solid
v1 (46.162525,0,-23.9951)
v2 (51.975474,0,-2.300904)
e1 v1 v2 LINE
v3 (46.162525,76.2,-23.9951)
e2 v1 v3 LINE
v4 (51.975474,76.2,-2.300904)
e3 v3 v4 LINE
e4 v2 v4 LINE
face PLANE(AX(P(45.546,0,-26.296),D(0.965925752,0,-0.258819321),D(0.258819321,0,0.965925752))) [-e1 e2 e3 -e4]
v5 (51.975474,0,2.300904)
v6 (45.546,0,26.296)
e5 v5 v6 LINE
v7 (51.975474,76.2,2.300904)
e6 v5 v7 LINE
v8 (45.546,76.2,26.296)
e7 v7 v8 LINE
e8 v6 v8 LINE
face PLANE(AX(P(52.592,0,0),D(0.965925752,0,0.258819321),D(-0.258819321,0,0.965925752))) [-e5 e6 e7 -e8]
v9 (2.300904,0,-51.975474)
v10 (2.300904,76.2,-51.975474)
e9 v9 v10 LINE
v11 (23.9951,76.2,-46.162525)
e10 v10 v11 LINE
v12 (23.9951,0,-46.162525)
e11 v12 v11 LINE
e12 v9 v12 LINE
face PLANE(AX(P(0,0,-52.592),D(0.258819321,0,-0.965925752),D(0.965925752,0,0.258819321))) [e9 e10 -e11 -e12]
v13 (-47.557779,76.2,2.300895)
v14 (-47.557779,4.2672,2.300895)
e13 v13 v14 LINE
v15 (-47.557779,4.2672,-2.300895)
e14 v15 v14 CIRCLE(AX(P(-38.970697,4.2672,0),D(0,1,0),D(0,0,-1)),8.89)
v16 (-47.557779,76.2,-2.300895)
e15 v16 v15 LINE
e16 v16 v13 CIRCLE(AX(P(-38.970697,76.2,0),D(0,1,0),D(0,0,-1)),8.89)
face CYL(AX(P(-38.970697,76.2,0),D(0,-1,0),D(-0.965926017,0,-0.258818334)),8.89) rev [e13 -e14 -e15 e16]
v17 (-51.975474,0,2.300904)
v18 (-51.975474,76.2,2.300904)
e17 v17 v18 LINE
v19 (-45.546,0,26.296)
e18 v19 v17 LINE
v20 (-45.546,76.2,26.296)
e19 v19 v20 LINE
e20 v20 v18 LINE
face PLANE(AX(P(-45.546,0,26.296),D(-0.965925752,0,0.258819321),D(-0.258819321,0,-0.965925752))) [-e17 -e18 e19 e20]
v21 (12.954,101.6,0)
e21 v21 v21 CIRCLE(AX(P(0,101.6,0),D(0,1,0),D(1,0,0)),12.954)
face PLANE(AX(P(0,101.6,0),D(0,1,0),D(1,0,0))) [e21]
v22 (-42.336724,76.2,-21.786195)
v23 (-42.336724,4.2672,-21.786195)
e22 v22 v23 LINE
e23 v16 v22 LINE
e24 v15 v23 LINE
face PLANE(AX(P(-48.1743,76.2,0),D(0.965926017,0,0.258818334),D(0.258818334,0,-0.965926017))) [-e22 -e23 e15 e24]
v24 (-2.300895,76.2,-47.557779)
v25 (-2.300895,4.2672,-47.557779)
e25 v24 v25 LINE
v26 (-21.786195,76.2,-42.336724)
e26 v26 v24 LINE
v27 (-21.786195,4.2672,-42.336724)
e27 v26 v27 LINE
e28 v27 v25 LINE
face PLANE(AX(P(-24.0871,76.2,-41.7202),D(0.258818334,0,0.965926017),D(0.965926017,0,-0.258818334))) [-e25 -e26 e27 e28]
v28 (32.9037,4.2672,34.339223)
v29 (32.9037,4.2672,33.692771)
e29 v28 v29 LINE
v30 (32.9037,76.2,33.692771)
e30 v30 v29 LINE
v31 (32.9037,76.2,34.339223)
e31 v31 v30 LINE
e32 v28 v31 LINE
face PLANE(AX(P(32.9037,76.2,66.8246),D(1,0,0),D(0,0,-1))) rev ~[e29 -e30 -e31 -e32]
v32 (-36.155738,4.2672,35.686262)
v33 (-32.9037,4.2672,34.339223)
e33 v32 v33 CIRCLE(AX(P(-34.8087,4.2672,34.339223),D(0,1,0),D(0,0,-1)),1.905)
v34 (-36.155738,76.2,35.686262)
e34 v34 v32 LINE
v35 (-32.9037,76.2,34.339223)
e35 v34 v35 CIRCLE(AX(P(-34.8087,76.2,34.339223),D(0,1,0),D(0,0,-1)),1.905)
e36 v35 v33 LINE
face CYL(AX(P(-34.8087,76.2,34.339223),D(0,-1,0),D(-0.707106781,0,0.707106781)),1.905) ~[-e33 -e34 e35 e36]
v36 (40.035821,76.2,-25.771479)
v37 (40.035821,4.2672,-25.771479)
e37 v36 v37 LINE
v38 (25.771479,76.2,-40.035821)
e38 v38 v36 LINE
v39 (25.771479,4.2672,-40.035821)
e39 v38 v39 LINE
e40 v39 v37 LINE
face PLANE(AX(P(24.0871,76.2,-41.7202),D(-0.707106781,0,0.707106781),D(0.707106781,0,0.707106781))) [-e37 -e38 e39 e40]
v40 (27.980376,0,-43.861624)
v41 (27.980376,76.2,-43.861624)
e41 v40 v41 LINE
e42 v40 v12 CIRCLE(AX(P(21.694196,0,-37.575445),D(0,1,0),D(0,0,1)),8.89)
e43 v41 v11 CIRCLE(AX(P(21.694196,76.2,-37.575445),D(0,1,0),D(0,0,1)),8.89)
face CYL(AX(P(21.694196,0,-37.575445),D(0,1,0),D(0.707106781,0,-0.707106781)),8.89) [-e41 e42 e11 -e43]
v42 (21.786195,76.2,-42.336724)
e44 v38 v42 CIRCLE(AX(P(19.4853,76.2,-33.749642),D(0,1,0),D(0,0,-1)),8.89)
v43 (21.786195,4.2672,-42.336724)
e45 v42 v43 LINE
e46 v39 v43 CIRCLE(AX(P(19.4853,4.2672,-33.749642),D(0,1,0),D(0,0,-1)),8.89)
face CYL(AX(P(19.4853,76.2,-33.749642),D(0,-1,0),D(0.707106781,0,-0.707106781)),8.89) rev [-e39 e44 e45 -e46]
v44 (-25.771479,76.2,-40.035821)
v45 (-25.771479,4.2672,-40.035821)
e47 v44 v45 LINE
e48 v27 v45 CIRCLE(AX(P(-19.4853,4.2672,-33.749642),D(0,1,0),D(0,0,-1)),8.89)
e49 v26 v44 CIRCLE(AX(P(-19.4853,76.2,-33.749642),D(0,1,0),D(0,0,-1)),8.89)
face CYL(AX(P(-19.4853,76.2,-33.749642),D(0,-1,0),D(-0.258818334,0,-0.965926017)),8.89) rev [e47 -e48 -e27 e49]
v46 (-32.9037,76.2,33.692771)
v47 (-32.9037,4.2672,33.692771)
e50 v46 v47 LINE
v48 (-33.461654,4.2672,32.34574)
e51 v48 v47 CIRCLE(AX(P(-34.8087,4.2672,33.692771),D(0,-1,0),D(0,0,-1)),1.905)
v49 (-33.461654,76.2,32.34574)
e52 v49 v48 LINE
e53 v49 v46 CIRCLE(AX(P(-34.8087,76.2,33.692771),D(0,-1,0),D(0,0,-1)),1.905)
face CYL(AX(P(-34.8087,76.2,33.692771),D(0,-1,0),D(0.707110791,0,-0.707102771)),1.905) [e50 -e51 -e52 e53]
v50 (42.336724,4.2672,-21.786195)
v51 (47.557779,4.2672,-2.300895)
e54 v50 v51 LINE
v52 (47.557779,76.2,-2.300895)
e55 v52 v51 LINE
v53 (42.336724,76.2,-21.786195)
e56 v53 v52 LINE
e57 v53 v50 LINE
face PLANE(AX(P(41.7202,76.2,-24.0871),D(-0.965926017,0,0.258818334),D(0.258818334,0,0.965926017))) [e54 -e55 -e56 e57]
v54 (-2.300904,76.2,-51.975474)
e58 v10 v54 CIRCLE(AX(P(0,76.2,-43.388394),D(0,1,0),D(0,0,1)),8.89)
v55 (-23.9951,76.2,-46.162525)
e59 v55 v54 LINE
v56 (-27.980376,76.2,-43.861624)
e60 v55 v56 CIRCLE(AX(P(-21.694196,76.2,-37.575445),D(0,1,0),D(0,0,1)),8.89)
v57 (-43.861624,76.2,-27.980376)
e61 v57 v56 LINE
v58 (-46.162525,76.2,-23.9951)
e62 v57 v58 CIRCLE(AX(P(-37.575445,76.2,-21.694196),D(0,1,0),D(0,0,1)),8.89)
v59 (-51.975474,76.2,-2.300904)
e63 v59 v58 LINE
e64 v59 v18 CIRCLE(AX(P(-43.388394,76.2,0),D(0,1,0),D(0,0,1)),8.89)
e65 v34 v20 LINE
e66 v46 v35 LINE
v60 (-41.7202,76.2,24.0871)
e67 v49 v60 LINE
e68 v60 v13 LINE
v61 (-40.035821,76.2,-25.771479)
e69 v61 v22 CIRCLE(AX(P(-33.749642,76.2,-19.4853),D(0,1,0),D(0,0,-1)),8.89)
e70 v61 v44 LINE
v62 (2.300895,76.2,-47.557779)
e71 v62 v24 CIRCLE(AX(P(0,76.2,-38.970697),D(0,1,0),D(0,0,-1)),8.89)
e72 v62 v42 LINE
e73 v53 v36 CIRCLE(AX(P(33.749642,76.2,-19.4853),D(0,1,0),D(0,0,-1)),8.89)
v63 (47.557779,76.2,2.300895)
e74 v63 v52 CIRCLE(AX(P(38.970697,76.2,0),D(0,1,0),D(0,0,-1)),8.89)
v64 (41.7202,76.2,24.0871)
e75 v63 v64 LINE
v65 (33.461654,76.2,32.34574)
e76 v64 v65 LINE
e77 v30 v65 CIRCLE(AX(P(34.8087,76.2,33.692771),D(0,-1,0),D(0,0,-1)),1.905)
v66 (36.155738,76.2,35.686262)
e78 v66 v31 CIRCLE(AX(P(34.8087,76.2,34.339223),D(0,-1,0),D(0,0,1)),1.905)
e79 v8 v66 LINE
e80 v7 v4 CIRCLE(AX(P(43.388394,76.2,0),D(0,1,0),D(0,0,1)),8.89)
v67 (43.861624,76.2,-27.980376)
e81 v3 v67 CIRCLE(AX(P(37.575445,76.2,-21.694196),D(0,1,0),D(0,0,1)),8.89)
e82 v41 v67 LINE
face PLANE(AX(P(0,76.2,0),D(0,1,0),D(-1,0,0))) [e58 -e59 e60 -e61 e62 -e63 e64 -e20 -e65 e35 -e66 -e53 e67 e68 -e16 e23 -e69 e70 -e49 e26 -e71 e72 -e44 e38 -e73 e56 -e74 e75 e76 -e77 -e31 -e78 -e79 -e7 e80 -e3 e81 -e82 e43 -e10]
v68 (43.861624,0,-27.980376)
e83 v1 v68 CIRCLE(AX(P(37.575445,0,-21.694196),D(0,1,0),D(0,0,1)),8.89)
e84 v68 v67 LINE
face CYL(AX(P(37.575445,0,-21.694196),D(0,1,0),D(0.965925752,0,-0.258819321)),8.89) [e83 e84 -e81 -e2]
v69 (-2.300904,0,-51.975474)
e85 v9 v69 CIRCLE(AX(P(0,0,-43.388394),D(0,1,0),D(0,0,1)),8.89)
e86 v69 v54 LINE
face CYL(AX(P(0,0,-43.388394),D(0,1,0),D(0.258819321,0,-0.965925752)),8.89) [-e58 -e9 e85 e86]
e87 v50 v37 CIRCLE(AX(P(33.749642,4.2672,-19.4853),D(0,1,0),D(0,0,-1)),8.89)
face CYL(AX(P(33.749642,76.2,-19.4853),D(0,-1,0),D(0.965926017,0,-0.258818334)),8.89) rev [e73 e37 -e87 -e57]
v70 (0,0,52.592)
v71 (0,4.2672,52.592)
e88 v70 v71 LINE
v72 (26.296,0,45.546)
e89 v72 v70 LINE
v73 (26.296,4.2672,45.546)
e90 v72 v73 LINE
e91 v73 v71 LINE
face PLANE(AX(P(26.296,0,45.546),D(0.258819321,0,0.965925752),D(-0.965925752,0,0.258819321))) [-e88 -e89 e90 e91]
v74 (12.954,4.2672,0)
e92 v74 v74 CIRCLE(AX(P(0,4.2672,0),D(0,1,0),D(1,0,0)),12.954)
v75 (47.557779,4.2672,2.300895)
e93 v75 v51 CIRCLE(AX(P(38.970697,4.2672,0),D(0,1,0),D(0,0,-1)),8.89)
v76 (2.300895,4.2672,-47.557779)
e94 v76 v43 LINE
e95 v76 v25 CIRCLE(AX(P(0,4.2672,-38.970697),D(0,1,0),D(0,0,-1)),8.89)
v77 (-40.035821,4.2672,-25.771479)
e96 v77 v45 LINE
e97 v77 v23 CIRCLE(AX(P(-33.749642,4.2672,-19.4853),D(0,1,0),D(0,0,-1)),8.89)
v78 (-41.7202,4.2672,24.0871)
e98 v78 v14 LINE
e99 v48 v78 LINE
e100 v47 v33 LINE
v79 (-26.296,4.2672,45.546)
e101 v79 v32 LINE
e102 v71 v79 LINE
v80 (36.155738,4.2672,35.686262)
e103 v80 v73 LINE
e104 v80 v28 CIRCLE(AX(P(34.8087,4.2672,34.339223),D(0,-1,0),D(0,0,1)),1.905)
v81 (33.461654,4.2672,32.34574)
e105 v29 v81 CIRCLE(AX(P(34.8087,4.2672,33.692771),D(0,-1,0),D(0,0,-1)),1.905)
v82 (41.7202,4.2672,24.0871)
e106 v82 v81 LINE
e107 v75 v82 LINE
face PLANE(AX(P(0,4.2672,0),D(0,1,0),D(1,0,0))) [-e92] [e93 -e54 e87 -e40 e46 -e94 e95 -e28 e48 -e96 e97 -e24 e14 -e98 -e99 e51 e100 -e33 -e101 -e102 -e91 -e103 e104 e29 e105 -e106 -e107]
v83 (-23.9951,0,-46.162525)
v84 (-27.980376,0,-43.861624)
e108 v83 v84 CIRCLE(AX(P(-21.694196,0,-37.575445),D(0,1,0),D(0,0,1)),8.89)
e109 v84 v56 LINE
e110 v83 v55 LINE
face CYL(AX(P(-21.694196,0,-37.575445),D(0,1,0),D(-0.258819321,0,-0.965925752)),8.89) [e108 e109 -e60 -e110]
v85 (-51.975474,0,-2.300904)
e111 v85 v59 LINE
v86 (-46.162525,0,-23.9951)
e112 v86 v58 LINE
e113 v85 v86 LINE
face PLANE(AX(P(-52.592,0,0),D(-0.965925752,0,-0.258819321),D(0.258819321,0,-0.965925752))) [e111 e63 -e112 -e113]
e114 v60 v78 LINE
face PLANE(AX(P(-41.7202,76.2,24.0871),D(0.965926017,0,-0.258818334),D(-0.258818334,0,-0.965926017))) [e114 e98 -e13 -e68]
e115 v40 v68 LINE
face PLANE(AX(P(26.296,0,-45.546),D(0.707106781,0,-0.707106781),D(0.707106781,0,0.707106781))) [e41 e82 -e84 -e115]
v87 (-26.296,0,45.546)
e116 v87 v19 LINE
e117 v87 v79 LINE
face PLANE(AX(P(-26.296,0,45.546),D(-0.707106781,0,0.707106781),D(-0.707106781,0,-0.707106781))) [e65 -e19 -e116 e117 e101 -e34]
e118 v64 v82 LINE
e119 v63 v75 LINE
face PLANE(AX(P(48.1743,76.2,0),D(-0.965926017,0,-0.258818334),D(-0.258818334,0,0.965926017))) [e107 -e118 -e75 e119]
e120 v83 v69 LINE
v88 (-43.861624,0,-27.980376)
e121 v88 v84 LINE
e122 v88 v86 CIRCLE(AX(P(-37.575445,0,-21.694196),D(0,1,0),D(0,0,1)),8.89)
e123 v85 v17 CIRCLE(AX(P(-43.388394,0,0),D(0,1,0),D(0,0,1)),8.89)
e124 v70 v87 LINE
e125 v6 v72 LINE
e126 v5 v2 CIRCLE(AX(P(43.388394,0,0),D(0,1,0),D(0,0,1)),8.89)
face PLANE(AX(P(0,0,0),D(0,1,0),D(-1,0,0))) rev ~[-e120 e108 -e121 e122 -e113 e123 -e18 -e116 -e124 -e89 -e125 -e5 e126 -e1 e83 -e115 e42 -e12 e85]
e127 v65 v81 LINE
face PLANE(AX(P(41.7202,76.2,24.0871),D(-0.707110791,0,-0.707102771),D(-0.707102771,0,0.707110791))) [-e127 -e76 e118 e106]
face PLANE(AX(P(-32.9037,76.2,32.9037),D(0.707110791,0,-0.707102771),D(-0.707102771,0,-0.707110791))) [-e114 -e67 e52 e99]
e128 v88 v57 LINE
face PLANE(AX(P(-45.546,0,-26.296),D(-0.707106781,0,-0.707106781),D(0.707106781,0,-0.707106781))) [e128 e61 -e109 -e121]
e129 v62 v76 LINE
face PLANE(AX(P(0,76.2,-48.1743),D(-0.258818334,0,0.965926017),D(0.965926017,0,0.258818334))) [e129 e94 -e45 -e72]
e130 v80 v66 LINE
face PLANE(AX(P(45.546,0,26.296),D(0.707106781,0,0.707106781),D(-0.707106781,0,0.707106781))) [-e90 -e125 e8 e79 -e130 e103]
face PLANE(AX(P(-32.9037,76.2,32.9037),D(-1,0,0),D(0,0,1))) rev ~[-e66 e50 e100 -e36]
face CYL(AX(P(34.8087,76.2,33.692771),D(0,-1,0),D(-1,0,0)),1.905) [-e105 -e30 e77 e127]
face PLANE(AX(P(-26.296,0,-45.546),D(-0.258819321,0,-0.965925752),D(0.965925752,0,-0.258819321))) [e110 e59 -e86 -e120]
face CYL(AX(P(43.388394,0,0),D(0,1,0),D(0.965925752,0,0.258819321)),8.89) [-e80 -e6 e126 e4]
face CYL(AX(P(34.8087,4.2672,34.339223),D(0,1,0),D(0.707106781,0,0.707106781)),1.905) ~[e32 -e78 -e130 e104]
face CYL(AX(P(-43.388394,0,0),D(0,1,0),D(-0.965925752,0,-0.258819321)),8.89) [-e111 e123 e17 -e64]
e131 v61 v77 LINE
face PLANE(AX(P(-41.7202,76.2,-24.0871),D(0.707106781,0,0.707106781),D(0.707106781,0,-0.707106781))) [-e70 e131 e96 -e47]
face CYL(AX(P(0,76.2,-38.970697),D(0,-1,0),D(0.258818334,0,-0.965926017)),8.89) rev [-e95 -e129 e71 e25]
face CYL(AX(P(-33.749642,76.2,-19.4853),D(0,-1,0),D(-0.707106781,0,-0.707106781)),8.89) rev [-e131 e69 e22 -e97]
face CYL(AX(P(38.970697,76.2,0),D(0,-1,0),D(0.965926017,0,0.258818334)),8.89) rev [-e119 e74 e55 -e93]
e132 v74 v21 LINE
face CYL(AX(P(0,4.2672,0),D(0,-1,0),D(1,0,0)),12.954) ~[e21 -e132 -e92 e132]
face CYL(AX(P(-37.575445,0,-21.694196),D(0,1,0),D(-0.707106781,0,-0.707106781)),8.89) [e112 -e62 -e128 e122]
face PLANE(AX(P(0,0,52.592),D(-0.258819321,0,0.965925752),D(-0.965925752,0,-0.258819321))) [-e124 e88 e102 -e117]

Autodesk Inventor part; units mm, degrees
ref_plane "YZ Plane" through (0, 0, 0) normal (1, 0, 0) x (0, 1, 0)
ref_plane "XZ Plane" through (0, 0, 0) normal (0, 1, 0) x (-1, 0, 0)
ref_plane "XY Plane" through (0, 0, 0) normal (0, 0, 1) x (1, 0, 0)
sketch "Sketch1" plane through (0, 0, 0) normal (0, 1, 0) x (-1, 0, 0)
  line L0 (52.592, 0) -> (45.546, -26.296)
  line L1 (45.546, -26.296) -> (26.296, -45.546)
  line L2 (26.296, -45.546) -> (0, -52.592)
  line L3 (0, -52.592) -> (-26.296, -45.546)
  line L4 (-26.296, -45.546) -> (-45.546, -26.296)
  line L5 (-45.546, -26.296) -> (-52.592, 0)
  line L6 (-52.592, 0) -> (-45.546, 26.296)
  line L7 (-45.546, 26.296) -> (-26.296, 45.546)
  line L8 (-26.296, 45.546) -> (0, 52.592)
  line L9 (0, 52.592) -> (26.296, 45.546)
  line L10 (26.296, 45.546) -> (45.546, 26.296)
  line L11 (45.546, 26.296) -> (52.592, 0)
  point P0 (0, 0)
  point P1 (0, 0)
  dimension "d0" = 50.8
extrude "Extrusion1" add sketch "Sketch1" along normal blind 76.2
sketch "Sketch2" plane through (0, 76.2, 0) normal (0, 1, 0) x (1, 0, 0)
  line L0 (-48.1743, 0) -> (-41.7202, 24.0871)
  line L1 (-41.7202, 24.0871) -> (-24.0871, 41.7202)
  line L2 (-24.0871, 41.7202) -> (0, 48.1743)
  line L3 (0, 48.1743) -> (24.0871, 41.7202)
  line L4 (24.0871, 41.7202) -> (41.7202, 24.0871)
  line L5 (41.7202, 24.0871) -> (48.1743, 0)
  line L6 (48.1743, 0) -> (41.7202, -24.0871)
  line L7 (41.7202, -24.0871) -> (32.9037, -32.9037)
  line L8 (-32.9037, -32.9037) -> (-41.7202, -24.0871)
  line L9 (-41.7202, -24.0871) -> (-48.1743, 0)
  line L10 (-52.592, 0) -> (-45.546, -26.296) projected
  line L11 (-32.9037, -32.9037) -> (-32.9037, -66.8246)
  line L12 (-32.9037, -66.8246) -> (32.9037, -66.8246)
  line L13 (32.9037, -66.8246) -> (32.9037, -32.9037)
  point P0 (0, 0)
  point P1 (0, 0)
  dimension "d3" = 4.2672
extrude "Extrusion2" cut sketch "Sketch2" against normal blind 71.9328
fillet "Fillet1" radius 1.905 4 edges at (-32.9037, 40.2336, 38.9384) (-32.9037, 40.2336, 32.9037) (32.9037, 40.2336, 38.9384) (32.9037, 40.2336, 32.9037)
sketch "Sketch3" plane through (0, 4.2672, 0) normal (0, 1, 0) x (1, 0, 0)
  circle A0 centre (0, 0) radius 12.954
  dimension "d7" = 25.908
extrude "Extrusion3" add sketch "Sketch3" along normal blind 97.3328
fillet "Fillet2" radius 8.89 14 edges at (52.592, 38.1, 0) (45.546, 38.1, -26.296) (26.296, 38.1, -45.546) (0, 38.1, -52.592) (-26.296, 38.1, -45.546) (-45.546, 38.1, -26.296) (-52.592, 38.1, 0) (-48.1743, 40.2336, 0) (-41.7202, 40.2336, -24.0871) (-24.0871, 40.2336, -41.7202) (0, 40.2336, -48.1743) (24.0871, 40.2336, -41.7202) (41.7202, 40.2336, -24.0871) (48.1743, 40.2336, 0)
properties part number "holder-12"
